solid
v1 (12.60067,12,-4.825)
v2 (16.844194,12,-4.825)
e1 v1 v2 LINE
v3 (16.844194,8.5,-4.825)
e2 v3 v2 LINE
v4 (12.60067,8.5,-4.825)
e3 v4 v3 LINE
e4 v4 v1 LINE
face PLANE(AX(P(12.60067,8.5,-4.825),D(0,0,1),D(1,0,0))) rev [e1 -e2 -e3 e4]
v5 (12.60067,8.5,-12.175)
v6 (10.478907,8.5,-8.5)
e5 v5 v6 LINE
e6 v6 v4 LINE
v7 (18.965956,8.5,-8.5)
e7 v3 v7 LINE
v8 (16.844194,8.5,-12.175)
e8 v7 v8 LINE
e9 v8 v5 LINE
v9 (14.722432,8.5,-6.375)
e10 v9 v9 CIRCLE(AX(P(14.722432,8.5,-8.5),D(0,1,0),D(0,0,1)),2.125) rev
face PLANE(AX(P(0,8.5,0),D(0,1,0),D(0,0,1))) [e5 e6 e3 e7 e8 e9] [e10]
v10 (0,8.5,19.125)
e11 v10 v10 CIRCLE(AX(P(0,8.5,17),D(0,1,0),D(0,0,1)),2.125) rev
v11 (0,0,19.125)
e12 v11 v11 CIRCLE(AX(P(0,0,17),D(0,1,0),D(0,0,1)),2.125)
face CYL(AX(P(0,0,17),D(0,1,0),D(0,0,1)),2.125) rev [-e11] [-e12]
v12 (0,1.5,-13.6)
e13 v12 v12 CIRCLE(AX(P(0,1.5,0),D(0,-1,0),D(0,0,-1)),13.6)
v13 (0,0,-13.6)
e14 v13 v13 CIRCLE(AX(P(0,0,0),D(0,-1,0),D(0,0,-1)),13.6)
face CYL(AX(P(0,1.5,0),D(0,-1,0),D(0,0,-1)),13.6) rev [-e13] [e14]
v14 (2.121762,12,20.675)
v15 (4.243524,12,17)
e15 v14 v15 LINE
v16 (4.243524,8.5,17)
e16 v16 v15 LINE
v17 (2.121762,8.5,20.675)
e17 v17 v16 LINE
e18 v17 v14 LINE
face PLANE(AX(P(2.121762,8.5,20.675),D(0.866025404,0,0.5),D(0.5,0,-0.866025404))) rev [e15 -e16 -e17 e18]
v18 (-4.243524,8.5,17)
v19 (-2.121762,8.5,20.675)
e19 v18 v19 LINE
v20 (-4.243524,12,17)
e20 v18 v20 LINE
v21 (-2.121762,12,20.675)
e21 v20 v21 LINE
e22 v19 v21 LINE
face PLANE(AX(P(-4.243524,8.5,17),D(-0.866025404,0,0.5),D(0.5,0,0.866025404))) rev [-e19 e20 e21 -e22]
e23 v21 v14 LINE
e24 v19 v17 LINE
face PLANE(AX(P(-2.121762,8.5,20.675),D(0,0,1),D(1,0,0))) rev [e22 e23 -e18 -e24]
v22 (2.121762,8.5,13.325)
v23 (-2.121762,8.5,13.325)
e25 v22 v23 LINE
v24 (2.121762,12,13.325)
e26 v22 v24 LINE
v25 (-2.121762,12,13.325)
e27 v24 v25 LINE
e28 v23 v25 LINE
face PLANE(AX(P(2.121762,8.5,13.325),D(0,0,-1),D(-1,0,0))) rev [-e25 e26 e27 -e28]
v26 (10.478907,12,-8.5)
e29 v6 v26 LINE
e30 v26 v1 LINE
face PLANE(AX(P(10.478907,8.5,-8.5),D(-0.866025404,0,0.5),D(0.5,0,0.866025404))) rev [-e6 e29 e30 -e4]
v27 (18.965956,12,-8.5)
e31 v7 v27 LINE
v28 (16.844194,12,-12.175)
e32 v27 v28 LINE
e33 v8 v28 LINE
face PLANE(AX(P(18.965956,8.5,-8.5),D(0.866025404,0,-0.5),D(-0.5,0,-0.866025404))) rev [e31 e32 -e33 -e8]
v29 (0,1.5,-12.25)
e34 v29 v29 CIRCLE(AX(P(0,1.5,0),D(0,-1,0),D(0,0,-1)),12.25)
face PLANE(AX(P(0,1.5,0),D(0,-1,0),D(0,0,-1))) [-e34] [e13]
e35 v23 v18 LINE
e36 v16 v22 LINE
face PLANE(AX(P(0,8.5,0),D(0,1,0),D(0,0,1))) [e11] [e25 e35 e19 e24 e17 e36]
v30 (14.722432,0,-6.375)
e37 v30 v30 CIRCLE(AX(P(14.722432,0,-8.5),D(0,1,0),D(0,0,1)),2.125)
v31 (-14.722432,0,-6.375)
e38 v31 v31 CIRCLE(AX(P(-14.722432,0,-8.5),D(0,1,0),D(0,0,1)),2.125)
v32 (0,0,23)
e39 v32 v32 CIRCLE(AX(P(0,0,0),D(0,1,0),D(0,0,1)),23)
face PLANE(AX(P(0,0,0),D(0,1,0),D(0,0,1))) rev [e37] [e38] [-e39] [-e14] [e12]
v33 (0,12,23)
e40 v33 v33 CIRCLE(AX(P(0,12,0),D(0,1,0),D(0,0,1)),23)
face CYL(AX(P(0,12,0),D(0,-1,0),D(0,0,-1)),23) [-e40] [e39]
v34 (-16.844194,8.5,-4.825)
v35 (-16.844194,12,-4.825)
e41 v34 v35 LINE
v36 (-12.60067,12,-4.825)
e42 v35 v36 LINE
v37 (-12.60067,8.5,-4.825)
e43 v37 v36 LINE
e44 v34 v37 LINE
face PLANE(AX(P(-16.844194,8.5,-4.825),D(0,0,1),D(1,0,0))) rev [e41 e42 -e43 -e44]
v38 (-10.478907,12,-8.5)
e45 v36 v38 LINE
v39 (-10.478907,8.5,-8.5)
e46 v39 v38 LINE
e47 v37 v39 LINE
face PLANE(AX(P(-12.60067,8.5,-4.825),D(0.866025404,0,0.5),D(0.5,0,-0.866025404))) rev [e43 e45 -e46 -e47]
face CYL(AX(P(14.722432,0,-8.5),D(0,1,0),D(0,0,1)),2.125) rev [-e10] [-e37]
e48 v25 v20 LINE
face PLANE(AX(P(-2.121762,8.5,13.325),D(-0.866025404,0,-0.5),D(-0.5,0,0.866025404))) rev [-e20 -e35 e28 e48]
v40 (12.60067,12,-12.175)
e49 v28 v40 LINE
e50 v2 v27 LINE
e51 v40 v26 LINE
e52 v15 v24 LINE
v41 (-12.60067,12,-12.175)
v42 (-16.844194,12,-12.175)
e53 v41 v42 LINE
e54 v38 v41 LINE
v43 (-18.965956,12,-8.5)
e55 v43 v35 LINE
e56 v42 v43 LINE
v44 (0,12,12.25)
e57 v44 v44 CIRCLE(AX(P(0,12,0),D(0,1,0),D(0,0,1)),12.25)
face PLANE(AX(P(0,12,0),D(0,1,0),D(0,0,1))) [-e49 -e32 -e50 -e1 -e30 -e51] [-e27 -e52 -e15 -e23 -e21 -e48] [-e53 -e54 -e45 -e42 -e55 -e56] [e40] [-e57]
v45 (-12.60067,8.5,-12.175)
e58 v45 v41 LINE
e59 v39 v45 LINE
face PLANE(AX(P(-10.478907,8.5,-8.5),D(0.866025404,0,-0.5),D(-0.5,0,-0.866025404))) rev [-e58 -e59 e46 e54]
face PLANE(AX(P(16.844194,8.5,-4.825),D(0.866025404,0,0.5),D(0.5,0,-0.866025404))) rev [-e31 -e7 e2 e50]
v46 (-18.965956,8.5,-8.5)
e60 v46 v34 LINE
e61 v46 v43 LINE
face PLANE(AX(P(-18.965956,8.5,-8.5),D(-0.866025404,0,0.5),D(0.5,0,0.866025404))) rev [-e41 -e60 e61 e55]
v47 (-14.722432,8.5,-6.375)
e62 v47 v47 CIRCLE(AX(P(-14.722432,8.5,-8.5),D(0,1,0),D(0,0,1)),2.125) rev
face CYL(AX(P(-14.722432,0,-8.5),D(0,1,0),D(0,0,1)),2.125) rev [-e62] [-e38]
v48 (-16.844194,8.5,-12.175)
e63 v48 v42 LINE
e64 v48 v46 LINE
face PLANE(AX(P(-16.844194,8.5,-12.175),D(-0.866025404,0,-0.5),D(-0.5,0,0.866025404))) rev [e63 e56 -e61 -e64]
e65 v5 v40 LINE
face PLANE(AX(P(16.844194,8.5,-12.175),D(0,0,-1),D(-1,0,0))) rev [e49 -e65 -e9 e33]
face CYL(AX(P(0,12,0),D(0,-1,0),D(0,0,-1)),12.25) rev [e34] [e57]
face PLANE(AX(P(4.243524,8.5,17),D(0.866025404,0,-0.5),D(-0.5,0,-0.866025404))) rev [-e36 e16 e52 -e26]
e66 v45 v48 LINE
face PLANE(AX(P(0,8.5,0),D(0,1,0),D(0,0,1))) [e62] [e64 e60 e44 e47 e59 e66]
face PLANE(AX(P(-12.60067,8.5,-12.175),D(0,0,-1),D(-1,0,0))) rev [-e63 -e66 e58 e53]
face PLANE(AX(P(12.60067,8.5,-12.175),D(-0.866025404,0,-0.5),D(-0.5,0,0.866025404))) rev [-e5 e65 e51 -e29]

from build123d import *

# Parameters (mm, degrees)
SKETCH1_R           = 23
SKETCH1_R_2         = 12.25
BOSS_EXTRUDE1_DEPTH = 12
SKETCH2_R           = 13.6
CUT_EXTRUDE1_DEPTH  = 1.5
SKETCH3_R           = 2.125
CUT_EXTRUDE2_DEPTH  = 35.669871647
CUT_EXTRUDE3_DEPTH  = 3.5


with BuildPart() as part:
    # Sketch1 → Boss-Extrude1 (new body)
    with BuildSketch(Plane(origin=(0, 0, 0), x_dir=(1, 0, 0), z_dir=(0, 1, 0))):
        with Locations(Location((0, 0, 0), (0, 0, 270))):
            Circle(SKETCH1_R)
        with Locations(Location((0, 0, 0), (0, 0, 270))):
            Circle(SKETCH1_R_2, mode=Mode.SUBTRACT)
    extrude(amount=BOSS_EXTRUDE1_DEPTH)

    # Sketch2 → Cut-Extrude1 (cut)
    with BuildSketch(Plane.XZ):
        with Locations(Location((0, 0, 0), (0, 0, 270))):
            Circle(SKETCH2_R)
    extrude(amount=-CUT_EXTRUDE1_DEPTH, mode=Mode.SUBTRACT)

    # Sketch3 → Cut-Extrude2 (cut, through all)
    with BuildSketch(Plane(origin=(0, 12, 0), x_dir=(1, 0, 0), z_dir=(0, 1, 0))):
        with Locations(Location((0, -17, 0), (0, 0, 270))):
            Circle(SKETCH3_R)
        with Locations(Location((-14.722431864, 8.5, 0), (0, 0, 270))):
            Circle(SKETCH3_R)
        with Locations(Location((14.722431864, 8.5, 0), (0, 0, 270))):
            Circle(SKETCH3_R)
    extrude(amount=-CUT_EXTRUDE2_DEPTH, mode=Mode.SUBTRACT)

    # Sketch4 → Cut-Extrude3 (cut)
    with BuildSketch(Plane(origin=(0, 12, 0), x_dir=(1, 0, 0), z_dir=(0, 1, 0))):
        Polygon((-16.844194104, 4.825), (-12.600669625, 4.825), (-10.478907386, 8.5), (-12.600669625, 12.175), (-16.844194104, 12.175), (-18.965956343, 8.5), align=None)
        Polygon((4.243524479, -17), (2.121762239, -13.325), (-2.121762239, -13.325), (-4.243524479, -17), (-2.121762239, -20.675), (2.121762239, -20.675), align=None)
        Polygon((12.600669625, 12.175), (10.478907386, 8.5), (12.600669625, 4.825), (16.844194104, 4.825), (18.965956343, 8.5), (16.844194104, 12.175), align=None)
    extrude(amount=-CUT_EXTRUDE3_DEPTH, mode=Mode.SUBTRACT)


solid = part.part
